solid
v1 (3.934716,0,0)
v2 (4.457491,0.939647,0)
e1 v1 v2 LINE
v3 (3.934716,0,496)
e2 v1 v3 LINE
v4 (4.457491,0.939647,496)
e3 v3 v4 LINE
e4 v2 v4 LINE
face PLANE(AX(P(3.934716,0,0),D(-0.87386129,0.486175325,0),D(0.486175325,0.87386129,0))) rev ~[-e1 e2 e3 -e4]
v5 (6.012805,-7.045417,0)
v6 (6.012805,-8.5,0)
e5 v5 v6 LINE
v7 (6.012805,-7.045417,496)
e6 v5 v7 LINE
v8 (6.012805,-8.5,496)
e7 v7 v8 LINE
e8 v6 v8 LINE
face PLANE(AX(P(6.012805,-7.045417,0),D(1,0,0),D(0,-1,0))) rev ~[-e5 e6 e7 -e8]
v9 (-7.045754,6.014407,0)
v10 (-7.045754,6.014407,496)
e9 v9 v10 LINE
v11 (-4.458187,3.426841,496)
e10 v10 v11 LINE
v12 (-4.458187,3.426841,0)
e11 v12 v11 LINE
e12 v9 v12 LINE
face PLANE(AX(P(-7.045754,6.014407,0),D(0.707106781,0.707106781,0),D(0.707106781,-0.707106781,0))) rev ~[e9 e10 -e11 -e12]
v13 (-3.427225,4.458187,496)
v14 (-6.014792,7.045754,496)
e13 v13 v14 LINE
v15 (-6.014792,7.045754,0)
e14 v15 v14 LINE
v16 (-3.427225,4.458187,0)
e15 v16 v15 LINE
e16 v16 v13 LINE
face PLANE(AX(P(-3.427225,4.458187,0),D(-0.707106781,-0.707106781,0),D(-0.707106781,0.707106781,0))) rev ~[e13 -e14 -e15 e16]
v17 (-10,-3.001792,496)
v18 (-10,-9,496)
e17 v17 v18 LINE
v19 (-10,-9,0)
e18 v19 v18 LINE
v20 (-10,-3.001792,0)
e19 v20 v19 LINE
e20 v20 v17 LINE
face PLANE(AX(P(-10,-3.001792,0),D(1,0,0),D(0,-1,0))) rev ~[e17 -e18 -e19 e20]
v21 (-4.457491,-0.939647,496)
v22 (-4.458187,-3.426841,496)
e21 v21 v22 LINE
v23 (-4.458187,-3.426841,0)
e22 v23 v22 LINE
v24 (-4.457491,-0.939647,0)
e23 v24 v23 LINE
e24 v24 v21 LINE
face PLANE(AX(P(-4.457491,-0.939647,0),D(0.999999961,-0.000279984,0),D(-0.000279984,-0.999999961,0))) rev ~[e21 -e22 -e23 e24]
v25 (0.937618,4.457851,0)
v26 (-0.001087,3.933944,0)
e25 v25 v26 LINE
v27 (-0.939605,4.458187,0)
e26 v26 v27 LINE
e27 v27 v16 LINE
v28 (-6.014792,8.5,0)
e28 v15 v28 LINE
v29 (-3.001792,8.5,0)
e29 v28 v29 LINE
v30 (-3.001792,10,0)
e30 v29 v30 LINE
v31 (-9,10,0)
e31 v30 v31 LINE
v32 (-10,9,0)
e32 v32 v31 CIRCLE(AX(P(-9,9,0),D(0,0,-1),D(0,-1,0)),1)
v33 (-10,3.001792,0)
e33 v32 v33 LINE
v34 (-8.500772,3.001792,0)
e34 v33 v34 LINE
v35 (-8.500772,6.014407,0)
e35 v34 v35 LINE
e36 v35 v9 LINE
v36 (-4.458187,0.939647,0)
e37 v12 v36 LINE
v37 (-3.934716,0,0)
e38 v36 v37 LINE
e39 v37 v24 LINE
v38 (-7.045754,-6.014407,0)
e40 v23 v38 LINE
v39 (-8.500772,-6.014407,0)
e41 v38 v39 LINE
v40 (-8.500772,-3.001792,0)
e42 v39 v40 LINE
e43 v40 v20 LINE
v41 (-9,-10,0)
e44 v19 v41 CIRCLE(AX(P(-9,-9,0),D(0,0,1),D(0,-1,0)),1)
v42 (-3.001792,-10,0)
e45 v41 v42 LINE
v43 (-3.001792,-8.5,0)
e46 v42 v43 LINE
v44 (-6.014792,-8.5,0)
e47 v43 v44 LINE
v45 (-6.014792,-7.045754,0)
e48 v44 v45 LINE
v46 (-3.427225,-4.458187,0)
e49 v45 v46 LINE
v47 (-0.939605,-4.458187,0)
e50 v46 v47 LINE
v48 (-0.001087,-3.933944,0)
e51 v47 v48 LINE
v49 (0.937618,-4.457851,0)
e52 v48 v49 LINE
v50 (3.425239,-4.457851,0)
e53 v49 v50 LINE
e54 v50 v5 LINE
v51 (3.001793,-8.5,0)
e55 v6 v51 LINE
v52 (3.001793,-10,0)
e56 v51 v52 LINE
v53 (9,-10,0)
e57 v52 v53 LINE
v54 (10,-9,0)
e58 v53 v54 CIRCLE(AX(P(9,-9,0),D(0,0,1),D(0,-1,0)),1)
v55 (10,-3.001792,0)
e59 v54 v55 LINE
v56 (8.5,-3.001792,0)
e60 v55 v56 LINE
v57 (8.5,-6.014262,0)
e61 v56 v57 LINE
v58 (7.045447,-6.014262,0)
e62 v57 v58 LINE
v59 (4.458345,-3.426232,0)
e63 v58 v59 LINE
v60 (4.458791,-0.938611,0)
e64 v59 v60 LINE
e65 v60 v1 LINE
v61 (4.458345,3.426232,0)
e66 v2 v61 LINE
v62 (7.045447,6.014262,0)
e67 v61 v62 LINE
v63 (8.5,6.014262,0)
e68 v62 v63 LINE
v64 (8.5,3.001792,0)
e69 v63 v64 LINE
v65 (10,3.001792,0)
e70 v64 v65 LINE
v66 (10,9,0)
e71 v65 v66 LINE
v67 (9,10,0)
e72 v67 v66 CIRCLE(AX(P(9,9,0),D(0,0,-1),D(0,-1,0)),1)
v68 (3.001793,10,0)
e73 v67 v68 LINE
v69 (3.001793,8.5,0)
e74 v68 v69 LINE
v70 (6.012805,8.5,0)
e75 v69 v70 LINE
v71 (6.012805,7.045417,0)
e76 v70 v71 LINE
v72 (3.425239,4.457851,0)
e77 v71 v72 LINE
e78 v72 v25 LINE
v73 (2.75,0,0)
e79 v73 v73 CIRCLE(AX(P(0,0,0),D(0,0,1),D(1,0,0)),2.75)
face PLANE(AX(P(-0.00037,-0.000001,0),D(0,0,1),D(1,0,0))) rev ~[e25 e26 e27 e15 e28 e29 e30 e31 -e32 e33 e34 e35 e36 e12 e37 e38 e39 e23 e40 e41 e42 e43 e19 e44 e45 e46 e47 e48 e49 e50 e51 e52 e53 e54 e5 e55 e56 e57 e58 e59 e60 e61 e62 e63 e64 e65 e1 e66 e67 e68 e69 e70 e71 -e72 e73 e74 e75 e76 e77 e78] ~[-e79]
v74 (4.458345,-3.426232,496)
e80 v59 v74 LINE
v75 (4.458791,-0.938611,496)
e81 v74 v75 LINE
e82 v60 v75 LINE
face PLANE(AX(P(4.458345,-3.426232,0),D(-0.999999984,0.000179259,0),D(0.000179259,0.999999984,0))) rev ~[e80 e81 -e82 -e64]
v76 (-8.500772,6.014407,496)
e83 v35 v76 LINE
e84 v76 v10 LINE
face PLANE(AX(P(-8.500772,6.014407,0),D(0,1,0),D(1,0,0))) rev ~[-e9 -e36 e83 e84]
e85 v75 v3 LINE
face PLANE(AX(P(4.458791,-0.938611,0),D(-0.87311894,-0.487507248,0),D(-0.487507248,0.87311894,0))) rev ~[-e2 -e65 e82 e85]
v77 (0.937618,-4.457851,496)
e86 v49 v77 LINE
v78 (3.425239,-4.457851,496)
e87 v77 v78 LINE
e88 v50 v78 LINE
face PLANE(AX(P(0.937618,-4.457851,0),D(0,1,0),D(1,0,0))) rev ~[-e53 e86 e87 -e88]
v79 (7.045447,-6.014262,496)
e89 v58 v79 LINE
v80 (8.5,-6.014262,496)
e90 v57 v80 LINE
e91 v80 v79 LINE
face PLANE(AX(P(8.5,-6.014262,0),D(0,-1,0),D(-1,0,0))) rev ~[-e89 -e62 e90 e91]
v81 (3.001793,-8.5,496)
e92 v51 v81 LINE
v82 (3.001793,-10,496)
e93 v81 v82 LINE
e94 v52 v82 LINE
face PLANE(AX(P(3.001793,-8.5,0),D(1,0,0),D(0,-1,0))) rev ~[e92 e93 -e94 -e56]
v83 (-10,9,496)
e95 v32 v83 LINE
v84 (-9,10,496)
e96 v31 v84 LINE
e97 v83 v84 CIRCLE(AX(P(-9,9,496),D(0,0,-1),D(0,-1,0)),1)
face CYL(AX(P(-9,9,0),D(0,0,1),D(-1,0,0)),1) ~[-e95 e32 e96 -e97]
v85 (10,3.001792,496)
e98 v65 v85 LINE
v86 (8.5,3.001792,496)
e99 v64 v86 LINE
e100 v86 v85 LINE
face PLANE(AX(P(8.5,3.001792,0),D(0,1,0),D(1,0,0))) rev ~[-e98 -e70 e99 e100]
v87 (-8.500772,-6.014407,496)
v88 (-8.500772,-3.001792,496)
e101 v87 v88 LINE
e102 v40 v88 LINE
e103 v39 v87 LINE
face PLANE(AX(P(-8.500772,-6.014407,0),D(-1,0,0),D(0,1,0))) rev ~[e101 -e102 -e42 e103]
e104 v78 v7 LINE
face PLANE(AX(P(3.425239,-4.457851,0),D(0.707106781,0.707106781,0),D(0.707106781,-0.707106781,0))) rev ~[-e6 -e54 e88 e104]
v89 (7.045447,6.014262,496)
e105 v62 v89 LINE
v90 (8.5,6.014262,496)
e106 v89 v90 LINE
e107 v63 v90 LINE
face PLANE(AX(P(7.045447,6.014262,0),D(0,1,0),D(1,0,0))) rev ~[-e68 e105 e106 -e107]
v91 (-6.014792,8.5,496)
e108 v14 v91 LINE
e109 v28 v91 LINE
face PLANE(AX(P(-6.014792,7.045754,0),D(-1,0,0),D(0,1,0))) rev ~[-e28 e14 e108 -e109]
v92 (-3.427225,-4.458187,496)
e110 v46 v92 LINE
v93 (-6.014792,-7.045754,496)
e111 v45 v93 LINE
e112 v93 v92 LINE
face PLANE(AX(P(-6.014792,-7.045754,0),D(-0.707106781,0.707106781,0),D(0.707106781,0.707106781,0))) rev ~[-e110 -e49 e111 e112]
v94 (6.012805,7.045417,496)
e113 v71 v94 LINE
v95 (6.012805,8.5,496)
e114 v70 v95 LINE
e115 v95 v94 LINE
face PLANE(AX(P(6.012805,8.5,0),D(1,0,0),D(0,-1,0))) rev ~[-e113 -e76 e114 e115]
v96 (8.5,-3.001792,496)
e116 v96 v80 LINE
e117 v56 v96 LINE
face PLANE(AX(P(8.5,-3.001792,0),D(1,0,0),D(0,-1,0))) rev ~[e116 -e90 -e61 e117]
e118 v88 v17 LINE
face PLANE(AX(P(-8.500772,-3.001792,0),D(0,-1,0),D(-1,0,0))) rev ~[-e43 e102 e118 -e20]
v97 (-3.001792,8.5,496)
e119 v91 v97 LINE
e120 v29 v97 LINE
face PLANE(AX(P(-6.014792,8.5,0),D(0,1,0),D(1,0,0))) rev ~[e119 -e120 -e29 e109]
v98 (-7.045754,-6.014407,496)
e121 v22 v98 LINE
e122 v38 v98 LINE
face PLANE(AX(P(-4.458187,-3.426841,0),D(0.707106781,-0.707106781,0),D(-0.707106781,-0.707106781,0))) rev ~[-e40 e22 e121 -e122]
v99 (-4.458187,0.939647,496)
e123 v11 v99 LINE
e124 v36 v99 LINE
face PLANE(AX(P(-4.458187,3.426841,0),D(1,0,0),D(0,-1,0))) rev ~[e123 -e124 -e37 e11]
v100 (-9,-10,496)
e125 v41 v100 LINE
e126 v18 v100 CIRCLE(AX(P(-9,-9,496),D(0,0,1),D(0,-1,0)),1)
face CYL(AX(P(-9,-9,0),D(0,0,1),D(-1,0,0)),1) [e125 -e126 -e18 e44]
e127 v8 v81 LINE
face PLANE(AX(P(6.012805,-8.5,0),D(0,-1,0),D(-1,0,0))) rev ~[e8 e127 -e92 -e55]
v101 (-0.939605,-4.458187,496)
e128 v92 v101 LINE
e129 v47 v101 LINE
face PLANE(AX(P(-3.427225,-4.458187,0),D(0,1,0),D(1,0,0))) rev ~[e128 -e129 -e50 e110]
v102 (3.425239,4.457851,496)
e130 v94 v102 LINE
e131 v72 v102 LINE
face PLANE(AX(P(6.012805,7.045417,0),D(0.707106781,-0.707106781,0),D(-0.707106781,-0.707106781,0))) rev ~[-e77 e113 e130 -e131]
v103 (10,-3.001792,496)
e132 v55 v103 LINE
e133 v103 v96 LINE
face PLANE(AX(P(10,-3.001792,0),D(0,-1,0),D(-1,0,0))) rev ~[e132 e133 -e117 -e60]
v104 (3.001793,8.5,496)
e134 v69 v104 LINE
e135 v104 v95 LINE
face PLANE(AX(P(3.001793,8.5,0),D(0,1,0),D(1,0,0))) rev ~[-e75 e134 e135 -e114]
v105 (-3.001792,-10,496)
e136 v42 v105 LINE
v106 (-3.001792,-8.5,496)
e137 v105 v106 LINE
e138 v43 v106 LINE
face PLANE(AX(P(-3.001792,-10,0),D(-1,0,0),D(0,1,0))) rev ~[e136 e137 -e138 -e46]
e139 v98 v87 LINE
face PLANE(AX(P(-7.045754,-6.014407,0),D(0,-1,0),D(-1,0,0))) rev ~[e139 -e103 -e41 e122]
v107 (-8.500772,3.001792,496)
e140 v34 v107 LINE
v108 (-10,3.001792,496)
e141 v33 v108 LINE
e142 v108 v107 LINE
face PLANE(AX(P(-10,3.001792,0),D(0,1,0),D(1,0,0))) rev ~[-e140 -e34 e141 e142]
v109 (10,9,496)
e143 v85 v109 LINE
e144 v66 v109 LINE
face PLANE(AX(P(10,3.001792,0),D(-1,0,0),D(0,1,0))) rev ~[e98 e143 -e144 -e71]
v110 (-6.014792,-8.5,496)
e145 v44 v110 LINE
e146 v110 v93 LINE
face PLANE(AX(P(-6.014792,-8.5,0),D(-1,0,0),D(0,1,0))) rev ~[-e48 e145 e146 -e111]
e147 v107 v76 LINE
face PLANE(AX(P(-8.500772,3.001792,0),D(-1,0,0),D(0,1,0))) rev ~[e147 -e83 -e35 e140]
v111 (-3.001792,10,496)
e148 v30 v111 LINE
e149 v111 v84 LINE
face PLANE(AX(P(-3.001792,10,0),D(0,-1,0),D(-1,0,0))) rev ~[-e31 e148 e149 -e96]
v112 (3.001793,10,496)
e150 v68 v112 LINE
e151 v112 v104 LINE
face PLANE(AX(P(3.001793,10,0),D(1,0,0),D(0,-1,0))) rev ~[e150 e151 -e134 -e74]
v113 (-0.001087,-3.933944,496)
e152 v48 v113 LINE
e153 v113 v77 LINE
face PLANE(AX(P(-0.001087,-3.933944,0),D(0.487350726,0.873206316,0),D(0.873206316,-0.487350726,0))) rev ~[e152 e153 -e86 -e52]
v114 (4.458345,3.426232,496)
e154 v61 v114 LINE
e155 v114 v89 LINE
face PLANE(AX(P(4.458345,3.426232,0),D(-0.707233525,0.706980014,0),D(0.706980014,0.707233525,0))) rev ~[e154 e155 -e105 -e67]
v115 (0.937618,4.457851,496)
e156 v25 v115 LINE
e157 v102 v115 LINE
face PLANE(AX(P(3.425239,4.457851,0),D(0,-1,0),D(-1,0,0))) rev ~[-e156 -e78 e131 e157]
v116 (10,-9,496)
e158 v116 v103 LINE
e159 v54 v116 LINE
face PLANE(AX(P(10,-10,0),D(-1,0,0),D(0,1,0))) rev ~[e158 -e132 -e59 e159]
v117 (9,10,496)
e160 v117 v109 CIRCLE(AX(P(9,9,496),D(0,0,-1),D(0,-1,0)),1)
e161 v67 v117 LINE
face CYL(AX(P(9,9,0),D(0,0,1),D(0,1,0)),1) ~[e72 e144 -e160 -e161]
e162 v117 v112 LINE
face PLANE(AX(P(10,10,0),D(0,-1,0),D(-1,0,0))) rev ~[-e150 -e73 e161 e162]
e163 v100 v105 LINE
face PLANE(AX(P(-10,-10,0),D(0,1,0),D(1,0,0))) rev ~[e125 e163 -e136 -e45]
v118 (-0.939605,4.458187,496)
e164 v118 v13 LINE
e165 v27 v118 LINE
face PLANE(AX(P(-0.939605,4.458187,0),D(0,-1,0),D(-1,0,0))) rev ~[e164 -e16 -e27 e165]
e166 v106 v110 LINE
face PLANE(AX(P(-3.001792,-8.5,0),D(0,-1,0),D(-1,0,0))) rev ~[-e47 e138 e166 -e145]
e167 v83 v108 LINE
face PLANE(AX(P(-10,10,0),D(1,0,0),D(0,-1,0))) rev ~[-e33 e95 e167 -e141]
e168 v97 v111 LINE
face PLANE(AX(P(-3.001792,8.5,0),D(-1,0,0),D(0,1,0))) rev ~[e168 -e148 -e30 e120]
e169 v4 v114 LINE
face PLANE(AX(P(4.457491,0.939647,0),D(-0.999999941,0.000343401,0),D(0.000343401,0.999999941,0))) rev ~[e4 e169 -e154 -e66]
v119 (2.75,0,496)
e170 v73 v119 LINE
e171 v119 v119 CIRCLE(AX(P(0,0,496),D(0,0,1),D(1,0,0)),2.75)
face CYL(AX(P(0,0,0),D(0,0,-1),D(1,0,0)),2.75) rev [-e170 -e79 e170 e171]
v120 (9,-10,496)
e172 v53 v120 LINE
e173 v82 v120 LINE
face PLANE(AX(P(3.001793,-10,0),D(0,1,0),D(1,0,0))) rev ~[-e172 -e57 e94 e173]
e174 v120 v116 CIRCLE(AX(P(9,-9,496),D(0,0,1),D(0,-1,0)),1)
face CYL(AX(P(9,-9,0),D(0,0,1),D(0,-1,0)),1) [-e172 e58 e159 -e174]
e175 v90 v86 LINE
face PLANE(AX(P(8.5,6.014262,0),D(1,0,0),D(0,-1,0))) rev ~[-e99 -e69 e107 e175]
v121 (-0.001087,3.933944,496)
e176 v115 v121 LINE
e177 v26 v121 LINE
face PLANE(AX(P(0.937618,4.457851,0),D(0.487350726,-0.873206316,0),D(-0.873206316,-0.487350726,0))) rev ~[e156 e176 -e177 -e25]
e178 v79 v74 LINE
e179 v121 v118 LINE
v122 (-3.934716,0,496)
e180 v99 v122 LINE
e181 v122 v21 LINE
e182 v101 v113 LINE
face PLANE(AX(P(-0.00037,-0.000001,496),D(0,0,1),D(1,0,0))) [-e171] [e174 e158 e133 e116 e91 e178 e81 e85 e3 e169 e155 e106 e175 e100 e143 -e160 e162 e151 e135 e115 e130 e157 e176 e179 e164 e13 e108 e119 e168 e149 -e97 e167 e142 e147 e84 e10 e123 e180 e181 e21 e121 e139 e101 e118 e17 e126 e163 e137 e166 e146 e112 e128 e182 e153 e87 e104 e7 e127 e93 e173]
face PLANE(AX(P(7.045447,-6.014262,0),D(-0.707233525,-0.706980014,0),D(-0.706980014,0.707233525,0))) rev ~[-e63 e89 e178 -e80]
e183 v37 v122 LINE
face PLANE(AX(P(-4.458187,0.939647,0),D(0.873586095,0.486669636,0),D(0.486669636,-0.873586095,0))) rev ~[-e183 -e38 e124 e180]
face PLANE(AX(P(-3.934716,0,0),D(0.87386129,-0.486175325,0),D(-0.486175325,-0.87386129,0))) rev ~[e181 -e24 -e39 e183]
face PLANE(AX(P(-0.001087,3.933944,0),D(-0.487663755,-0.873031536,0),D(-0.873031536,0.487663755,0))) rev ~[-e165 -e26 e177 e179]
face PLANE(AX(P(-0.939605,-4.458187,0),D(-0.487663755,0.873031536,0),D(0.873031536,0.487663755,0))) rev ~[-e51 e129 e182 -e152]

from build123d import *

# Parameters (mm, degrees)
SKETCH1_R           = 2.75
BOSS_EXTRUDE1_DEPTH = 496
FILLET2_R           = 1
FILLET3_R           = 1
FILLET4_R           = 1
FILLET5_R           = 1


with BuildPart() as part:
    # Sketch1 → Boss-Extrude1 (new body)
    with BuildSketch(Plane.XY):
        Polygon((-3.001792446, 10), (-10, 10), (-10, 3.001792446), (-8.500771543, 3.001792446), (-8.500771543, 6.014407427), (-7.045753692, 6.014407427), (-4.458187435, 3.426841169), (-4.458187435, 0.939646666), (-3.934715846, 0), (-4.45749106, -0.939646666), (-4.458187435, -3.426841169), (-7.045753692, -6.014407427), (-8.500771543, -6.014407427), (-8.500771543, -3.001792446), (-10, -3.001792446), (-10, -10), (-3.001792446, -10), (-3.001792446, -8.499999951), (-6.014791508, -8.499999951), (-6.014791508, -7.045753643), (-3.427225251, -4.458187385), (-0.939604714, -4.458187385), (-0.00108721, -3.933944043), (0.937618184, -4.457850876), (3.425238721, -4.457850876), (6.012804978, -7.045417133), (6.012804978, -8.499999951), (3.001792545, -8.499999951), (3.001792545, -10), (10.000000099, -10), (10.000000099, -3.001792446), (8.500000007, -3.001792446), (8.500000007, -6.014262022), (7.045447383, -6.014262022), (4.458345013, -3.426231961), (4.458790942, -0.938611464), (3.934715846, 0), (4.45749106, 0.939646666), (4.458344956, 3.426231961), (7.045447327, 6.014262022), (8.500000148, 6.014262022), (8.500000148, 3.001792446), (10.000000198, 3.001792446), (10.000000198, 10), (3.001792643, 10), (3.001792643, 8.499999951), (6.012804978, 8.499999951), (6.012804978, 7.045417133), (3.425238721, 4.457850876), (0.937618184, 4.457850876), (-0.00108721, 3.933944043), (-0.939604714, 4.458187385), (-3.427225251, 4.458187385), (-6.014791508, 7.045753643), (-6.014791508, 8.499999951), (-3.001792446, 8.499999951), align=None)
        Circle(SKETCH1_R, mode=Mode.SUBTRACT)
    extrude(amount=BOSS_EXTRUDE1_DEPTH)

    # Fillet2
    fillet2_edges = [part.edges().sort_by_distance(p)[0] for p in [
        (-10, -10, 248),
    ]]
    fillet(fillet2_edges, radius=FILLET2_R)

    # Fillet3
    fillet3_edges = [part.edges().sort_by_distance(p)[0] for p in [
        (10.000000099, -10, 248),
    ]]
    fillet(fillet3_edges, radius=FILLET3_R)

    # Fillet4
    fillet4_edges = [part.edges().sort_by_distance(p)[0] for p in [
        (-10, 10, 248),
    ]]
    fillet(fillet4_edges, radius=FILLET4_R)

    # Fillet5
    fillet5_edges = [part.edges().sort_by_distance(p)[0] for p in [
        (10.000000198, 10, 248),
    ]]
    fillet(fillet5_edges, radius=FILLET5_R)


solid = part.part
